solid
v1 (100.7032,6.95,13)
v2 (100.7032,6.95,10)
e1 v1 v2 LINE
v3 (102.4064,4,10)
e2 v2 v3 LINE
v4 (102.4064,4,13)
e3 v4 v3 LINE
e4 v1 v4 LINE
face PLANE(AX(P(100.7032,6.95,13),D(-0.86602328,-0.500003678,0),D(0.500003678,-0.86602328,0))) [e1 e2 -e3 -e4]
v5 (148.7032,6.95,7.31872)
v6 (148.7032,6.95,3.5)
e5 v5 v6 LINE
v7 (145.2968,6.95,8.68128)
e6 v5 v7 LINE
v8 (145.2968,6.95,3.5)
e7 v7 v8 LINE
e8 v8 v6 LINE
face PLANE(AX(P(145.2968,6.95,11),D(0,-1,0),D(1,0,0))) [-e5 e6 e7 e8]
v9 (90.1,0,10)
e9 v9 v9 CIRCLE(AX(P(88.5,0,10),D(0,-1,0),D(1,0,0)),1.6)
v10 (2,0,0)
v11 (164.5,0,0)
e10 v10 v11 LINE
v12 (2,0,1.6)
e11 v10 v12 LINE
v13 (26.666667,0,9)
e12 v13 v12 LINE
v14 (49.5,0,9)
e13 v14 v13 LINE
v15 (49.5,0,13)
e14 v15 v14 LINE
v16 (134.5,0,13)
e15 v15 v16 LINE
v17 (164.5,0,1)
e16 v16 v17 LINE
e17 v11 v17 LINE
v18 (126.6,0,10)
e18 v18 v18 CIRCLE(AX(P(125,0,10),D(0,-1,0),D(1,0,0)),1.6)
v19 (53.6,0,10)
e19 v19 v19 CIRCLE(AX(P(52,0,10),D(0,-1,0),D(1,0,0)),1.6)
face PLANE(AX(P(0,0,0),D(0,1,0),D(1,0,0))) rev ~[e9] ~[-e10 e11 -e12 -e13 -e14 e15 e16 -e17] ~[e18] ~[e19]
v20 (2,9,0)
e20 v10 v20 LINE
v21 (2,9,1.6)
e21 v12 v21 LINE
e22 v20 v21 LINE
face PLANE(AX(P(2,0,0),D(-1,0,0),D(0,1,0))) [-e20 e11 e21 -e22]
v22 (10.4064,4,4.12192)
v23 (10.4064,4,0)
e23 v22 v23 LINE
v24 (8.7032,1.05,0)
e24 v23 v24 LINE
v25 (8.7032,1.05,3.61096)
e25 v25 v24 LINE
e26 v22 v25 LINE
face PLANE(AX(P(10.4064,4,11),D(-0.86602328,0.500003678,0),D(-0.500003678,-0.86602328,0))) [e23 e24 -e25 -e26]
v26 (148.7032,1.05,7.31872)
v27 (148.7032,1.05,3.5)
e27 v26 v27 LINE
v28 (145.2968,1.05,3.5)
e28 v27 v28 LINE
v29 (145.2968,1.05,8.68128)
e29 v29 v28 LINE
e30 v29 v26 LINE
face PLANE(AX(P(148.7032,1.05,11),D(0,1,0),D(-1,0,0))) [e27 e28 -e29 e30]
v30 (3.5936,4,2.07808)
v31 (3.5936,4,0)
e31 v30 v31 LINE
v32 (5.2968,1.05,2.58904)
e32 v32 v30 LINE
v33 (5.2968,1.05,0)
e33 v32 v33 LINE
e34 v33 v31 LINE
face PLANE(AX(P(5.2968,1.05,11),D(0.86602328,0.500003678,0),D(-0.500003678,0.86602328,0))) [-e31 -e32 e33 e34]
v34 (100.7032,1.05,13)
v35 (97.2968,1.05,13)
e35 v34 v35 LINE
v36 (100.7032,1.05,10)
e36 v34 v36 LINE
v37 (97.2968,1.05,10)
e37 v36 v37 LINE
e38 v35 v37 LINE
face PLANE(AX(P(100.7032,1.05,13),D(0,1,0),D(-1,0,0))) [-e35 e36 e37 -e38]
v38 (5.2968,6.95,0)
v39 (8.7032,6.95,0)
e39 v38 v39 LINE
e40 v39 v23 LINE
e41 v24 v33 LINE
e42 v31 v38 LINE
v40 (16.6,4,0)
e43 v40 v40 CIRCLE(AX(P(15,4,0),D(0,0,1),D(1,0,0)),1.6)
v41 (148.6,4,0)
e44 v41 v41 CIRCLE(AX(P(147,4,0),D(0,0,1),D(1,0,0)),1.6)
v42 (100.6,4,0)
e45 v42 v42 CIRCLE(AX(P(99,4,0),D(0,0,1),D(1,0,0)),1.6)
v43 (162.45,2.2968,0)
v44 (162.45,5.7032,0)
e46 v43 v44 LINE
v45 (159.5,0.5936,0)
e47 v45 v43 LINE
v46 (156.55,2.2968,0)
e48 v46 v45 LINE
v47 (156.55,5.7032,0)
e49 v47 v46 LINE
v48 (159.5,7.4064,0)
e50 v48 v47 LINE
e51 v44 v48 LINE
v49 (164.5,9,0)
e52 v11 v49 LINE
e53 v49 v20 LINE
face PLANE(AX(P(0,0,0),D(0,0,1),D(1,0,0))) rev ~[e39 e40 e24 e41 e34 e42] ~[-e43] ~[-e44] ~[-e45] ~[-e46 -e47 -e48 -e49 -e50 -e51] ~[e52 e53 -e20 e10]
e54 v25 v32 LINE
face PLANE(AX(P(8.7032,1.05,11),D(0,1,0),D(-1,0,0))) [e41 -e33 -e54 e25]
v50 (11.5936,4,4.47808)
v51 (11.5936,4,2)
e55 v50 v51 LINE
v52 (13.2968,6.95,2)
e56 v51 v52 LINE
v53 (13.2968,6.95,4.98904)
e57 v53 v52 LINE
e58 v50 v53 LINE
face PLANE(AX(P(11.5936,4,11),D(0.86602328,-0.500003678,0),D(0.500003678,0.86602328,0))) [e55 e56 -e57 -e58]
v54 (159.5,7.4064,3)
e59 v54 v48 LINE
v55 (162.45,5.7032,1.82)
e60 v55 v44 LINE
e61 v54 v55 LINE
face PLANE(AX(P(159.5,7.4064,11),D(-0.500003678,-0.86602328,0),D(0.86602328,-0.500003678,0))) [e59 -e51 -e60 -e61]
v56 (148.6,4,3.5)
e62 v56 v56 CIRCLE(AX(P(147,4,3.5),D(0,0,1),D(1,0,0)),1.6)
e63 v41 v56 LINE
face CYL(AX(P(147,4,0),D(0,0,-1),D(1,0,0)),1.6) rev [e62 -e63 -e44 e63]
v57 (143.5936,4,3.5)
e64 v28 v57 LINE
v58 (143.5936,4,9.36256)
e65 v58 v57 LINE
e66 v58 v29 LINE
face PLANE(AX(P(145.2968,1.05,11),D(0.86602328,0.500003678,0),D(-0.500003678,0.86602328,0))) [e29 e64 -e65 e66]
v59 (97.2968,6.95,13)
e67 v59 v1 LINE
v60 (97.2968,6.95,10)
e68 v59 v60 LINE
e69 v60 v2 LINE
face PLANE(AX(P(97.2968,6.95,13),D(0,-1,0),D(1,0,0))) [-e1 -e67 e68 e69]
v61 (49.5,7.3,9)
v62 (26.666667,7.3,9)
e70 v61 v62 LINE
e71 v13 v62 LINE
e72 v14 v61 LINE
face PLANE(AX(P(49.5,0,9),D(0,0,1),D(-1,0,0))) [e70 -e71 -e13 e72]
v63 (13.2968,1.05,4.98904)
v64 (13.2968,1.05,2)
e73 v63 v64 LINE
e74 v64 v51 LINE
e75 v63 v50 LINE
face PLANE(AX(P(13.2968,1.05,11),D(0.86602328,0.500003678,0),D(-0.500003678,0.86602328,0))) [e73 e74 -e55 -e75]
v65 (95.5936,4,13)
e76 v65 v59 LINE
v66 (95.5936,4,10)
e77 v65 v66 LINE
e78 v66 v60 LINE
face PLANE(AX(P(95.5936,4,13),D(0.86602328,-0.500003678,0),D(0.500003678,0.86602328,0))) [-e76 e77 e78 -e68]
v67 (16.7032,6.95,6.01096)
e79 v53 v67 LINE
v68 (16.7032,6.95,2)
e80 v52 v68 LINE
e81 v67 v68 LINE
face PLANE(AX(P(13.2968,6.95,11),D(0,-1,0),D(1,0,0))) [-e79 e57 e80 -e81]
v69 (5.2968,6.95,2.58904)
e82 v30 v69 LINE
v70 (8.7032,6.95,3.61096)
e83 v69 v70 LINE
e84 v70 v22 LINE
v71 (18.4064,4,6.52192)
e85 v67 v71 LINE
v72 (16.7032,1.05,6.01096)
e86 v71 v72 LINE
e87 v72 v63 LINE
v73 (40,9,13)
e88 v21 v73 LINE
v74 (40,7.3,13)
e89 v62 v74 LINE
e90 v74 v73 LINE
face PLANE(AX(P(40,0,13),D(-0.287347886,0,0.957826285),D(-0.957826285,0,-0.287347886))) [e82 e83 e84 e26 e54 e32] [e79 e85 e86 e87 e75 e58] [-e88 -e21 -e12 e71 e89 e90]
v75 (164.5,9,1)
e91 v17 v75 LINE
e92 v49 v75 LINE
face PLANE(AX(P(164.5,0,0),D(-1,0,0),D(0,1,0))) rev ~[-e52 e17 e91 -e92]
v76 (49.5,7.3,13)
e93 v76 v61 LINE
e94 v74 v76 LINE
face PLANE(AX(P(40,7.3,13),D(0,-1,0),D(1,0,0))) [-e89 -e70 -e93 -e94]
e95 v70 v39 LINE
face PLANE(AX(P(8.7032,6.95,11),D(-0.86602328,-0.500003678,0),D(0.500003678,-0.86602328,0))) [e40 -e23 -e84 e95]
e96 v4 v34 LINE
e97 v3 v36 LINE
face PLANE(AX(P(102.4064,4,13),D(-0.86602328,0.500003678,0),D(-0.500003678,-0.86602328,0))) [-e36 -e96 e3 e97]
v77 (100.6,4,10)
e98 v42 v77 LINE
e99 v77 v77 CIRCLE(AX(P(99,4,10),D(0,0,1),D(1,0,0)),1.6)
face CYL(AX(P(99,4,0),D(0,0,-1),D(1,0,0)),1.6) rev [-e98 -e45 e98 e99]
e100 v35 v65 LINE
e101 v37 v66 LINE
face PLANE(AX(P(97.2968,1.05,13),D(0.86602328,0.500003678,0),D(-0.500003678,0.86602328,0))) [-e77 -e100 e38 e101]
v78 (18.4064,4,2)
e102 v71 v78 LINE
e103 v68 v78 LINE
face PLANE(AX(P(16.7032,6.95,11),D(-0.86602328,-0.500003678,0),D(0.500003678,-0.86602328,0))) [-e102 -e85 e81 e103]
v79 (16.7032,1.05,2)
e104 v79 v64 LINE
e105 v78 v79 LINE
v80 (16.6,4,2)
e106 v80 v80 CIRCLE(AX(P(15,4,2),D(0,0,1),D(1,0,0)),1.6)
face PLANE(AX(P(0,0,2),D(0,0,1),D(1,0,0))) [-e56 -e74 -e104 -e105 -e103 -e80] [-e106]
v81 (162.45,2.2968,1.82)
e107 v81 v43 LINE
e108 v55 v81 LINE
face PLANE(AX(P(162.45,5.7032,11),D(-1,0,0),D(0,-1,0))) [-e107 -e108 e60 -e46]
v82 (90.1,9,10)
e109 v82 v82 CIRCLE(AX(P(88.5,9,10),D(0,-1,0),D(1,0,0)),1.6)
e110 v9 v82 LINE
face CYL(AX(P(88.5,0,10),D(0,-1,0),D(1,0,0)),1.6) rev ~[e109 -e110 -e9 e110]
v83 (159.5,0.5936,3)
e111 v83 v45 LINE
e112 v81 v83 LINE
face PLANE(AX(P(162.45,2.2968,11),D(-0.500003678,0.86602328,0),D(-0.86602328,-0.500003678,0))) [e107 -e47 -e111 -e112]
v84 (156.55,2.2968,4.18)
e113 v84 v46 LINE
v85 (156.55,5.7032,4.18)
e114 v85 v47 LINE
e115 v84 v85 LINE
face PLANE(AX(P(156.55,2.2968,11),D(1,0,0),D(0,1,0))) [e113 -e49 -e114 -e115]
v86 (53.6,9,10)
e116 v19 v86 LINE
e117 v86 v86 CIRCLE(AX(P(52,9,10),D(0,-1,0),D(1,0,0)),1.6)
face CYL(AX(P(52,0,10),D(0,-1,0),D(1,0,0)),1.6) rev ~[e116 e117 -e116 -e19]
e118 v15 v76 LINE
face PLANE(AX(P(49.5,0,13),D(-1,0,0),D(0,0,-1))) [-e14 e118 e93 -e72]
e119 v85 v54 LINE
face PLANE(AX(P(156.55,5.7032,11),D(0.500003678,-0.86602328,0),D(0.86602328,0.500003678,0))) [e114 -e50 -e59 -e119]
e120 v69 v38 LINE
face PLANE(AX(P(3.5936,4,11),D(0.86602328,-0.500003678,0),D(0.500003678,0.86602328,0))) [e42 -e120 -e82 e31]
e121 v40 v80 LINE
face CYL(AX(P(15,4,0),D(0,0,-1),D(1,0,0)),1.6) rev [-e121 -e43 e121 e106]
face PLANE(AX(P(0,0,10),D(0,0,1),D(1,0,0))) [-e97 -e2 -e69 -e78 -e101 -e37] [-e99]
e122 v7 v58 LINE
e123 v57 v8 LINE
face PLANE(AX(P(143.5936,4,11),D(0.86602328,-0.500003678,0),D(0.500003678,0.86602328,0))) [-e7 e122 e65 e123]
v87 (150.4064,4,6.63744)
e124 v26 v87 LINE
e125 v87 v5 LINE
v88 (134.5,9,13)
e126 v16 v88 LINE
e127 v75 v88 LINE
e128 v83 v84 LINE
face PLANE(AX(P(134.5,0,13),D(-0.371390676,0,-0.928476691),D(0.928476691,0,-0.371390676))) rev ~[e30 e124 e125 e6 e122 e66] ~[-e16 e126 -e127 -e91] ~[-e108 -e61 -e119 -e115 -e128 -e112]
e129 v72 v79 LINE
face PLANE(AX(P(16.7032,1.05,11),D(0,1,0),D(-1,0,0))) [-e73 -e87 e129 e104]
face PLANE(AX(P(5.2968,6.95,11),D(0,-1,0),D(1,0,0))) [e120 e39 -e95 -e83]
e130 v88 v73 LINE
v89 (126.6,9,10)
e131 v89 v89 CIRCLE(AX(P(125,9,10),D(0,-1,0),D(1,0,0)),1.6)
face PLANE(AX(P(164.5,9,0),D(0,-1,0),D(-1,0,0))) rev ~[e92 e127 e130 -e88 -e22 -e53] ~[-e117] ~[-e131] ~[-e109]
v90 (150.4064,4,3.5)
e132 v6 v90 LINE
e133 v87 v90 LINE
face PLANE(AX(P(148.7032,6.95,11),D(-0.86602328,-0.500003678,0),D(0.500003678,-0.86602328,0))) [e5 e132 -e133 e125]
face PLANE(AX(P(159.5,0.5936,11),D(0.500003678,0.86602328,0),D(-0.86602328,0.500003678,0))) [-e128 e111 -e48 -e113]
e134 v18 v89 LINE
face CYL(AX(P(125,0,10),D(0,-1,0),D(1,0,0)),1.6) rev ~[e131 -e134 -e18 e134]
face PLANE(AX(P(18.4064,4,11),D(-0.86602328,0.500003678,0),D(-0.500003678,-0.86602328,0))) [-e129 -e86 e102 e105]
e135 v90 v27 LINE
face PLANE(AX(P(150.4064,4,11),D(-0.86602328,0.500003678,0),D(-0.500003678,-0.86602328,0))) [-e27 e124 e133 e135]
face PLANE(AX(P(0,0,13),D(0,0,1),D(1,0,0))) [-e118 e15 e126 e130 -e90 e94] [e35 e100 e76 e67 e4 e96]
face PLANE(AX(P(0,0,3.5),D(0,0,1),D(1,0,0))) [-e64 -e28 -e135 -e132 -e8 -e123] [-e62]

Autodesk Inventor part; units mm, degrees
ref_plane "YZ Plane" through (0, 0, 0) normal (1, 0, 0) x (0, 1, 0)
ref_plane "XZ Plane" through (0, 0, 0) normal (0, 1, 0) x (-1, 0, 0)
ref_plane "XY Plane" through (0, 0, 0) normal (0, 0, 1) x (1, 0, 0)
sketch "Sketch1" plane through (0, 0, 0) normal (0, 0, 1) x (1, 0, 0)
  line L0 (0, 0) -> (164.5, 0)
  line L1 (164.5, 0) -> (164.5, 9)
  line L2 (164.5, 9) -> (0, 9)
  line L3 (0, 9) -> (0, 0)
  circle A0 centre (99, 4) radius 1.6
  circle A1 centre (159.5, 4) radius 1.6
  circle A2 centre (147, 4) radius 1.6
  circle A3 centre (15, 4) radius 1.6
  circle A4 centre (7, 4) radius 1.6
  dimension "d1" = 9
  dimension "d2" = 90
  dimension "d6" = 3.2
  dimension "d7" = 3.2
  dimension "d9" = 60.5
  dimension "d26" = 3.2
  dimension "d27" = 48
  dimension "d28" = 3.2
  dimension "d32" = 15
  dimension "d33" = 5
  dimension "d61" = 3.2
  dimension "d62" = 8
  dimension "d63" = 12.5
  dimension "d108" = 4
  dimension "d109" = 4
  dimension "d111" = 4
  dimension "d112" = 4
  dimension "d113" = 4
ref_plane "Work Plane2" through (0, 0, 0) normal (0, -1, 0) x (1, 0, 0)
sketch "Sketch2" plane through (0, 0, 0) normal (0, -1, 0) x (1, 0, 0)
  circle A0 centre (52, 10) radius 1.6
  circle A1 centre (125, 10) radius 1.6
  circle A2 centre (88.5, 10) radius 1.6
  point P0 (0, 0)
  point P1 (52, 0)
  dimension "d13" = 3.2
  dimension "d15" = 3.2
  dimension "d17" = 3.2
  dimension "d18" = 36.5
  dimension "d64" = 52
  dimension "d65" = 36.5
  dimension "d114" = 10
  dimension "d115" = 73
ref_plane "Work Plane1" through (0, 0, 11) normal (0, 0, 1) x (1, 0, 0)
extrude "klocek" add sketch "Sketch1" along normal blind 13
ref_plane "Work Plane3" through (0, 0, 0) normal (0, -1, 0) x (1, 0, 0)
extrude "prowadzenie osi" cut sketch "Sketch2" against normal up to next
ref_plane "Work Plane4" through (0, 0, 0) normal (0, -1, 0) x (1, 0, 0)
sketch "Sketch7" plane through (0, 0, 0) normal (0, -1, 0) x (1, 0, 0)
  line L0 (0, 13) -> (0, 1)
  line L1 (0, 13) -> (164.5, 13) projected
  line L2 (0, 13) -> (40, 13)
  line L3 (40, 13) -> (0, 1)
  point P0 (0, -1.8333)
  dimension "d86" = 12
  dimension "d87" = 40
sketch "Sketch8" plane through (0, 0, 0) normal (0, -1, 0) x (1, 0, 0)
  line L0 (164.5, 0) -> (164.5, 13) projected
  line L1 (164.5, 13) -> (164.5, 1)
  line L2 (164.5, 13) -> (0, 13) projected
  line L3 (164.5, 13) -> (134.5, 13)
  line L4 (134.5, 13) -> (164.5, 1)
  point P0 (0, 0)
  point P1 (40.8333, 11)
  dimension "d80" = 12
  dimension "d81" = 30
extrude "przedni skos" cut sketch "Sketch7" against normal up to next
extrude "tylni skos" cut sketch "Sketch8" against normal up to next
ref_plane "Work Plane7" through (0, 0, 11) normal (0, 0, 1) x (1, 0, 0)
sketch "Sketch5" plane through (0, 0, 13) normal (0, 0, 1) x (1, 0, 0)
  circle A0 centre (99, 4) radius 1.6 projected
  line L0 (95.5936, 4) -> (97.2968, 6.95)
  line L1 (97.2968, 6.95) -> (100.7032, 6.95)
  line L2 (100.7032, 6.95) -> (102.4064, 4)
  line L3 (102.4064, 4) -> (100.7032, 1.05)
  line L4 (100.7032, 1.05) -> (97.2968, 1.05)
  line L5 (97.2968, 1.05) -> (95.5936, 4)
  point P0 (119.5, 5)
  dimension "d98" = 5.9
extrude "hex insert middle" cut sketch "Sketch5" against normal blind 3
ref_plane "Work Plane6" through (0, 0, 11) normal (0, 0, 1) x (1, 0, 0)
sketch "Sketch9" plane through (0, 0, 11) normal (0, 0, 1) x (1, 0, 0)
  circle A0 centre (147, 4) radius 1.6 projected
  line L0 (150.4064, 4) -> (148.7032, 1.05)
  line L1 (148.7032, 1.05) -> (145.2968, 1.05)
  line L2 (145.2968, 1.05) -> (143.5936, 4)
  line L3 (143.5936, 4) -> (145.2968, 6.95)
  line L4 (145.2968, 6.95) -> (148.7032, 6.95)
  line L5 (148.7032, 6.95) -> (150.4064, 4)
  point P0 (0, 0)
  point P1 (153, 5)
  dimension "d99" = 5.9
extrude "hex insert rear 1" cut sketch "Sketch9" against normal blind 7.5
ref_plane "Work Plane5" through (0, 0, 11) normal (0, 0, 1) x (1, 0, 0)
sketch "Sketch10" plane through (0, 0, 11) normal (0, 0, 1) x (1, 0, 0)
  circle A0 centre (159.5, 4) radius 1.6 projected
  line L0 (162.45, 5.7032) -> (162.45, 2.2968)
  line L1 (162.45, 2.2968) -> (159.5, 0.5936)
  line L2 (159.5, 0.5936) -> (156.55, 2.2968)
  line L3 (156.55, 2.2968) -> (156.55, 5.7032)
  line L4 (156.55, 5.7032) -> (159.5, 7.4064)
  line L5 (159.5, 7.4064) -> (162.45, 5.7032)
  line L6 (164.5, 0) -> (134.5, 0) projected
  point P0 (0, 0)
  dimension "d118" = 5.9
extrude "hex insert rear 2" cut sketch "Sketch10" against normal up to next contours A0 | L0 L1 L2 L3 L4 L5
sketch "Sketch13" plane through (0, 0, 11) normal (0, 0, 1) x (1, 0, 0)
  circle A0 centre (7, 4) radius 1.6 projected
  line L0 (10.4064, 4) -> (8.7032, 1.05)
  line L1 (8.7032, 1.05) -> (5.2968, 1.05)
  line L2 (5.2968, 1.05) -> (3.5936, 4)
  line L3 (3.5936, 4) -> (5.2968, 6.95)
  line L4 (5.2968, 6.95) -> (8.7032, 6.95)
  line L5 (8.7032, 6.95) -> (10.4064, 4)
  dimension "d123" = 5.9
extrude "hex insert front 1" cut sketch "Sketch13" against normal through all
sketch "Sketch16" plane through (0, 0, 11) normal (0, 0, 1) x (1, 0, 0)
  circle A0 centre (15, 4) radius 1.6 projected
  line L0 (18.4064, 4) -> (16.7032, 1.05)
  line L1 (16.7032, 1.05) -> (13.2968, 1.05)
  line L2 (13.2968, 1.05) -> (11.5936, 4)
  line L3 (11.5936, 4) -> (13.2968, 6.95)
  line L4 (13.2968, 6.95) -> (16.7032, 6.95)
  line L5 (16.7032, 6.95) -> (18.4064, 4)
  point P0 (0, 0)
  dimension "d93" = 5.9
extrude "hex insert front 2" cut sketch "Sketch16" against normal blind 9
sketch "Sketch17" plane through (0, 0, 0) normal (0, 0, -1) x (-1, 0, 0)
  line L0 (-164.5, 9) -> (0, 9) projected
  line L1 (0, 0) -> (-2, 0)
  line L2 (-2, 0) -> (-2, 9)
  line L3 (-2, 9) -> (0, 9)
  line L4 (0, 9) -> (0, 0)
  dimension "d122" = 2
extrude "ciecie przod" cut sketch "Sketch17" against normal up to next
sketch "Sketch18" plane through (40, 0, 13) normal (0, -1, 0) x (1, 0, 0)
  line L0 (9.5, 0) -> (9.5, -4)
  line L1 (9.5, -4) -> (-15.5, -4)
  line L2 (-15.5, -4) -> (-15.5, 0)
  line L3 (-15.5, 0) -> (9.5, 0)
  line L4 (94.5, 0) -> (0, 0) projected
  circle A0 centre (12, -3) radius 1.6 projected
  line L5 (-40, -13) -> (124.5, -13) projected
  point P0 (-35, -11)
  dimension "d102" = 4
  dimension "d103" = 25
  dimension "d104" = 2.5
extrude "sensor linii" cut sketch "Sketch18" against normal blind 7.3 contours L0 L1 L2 L3
properties part number "wheel_support_v5_left_narrow_with_line_sensor_2mm_higher"
